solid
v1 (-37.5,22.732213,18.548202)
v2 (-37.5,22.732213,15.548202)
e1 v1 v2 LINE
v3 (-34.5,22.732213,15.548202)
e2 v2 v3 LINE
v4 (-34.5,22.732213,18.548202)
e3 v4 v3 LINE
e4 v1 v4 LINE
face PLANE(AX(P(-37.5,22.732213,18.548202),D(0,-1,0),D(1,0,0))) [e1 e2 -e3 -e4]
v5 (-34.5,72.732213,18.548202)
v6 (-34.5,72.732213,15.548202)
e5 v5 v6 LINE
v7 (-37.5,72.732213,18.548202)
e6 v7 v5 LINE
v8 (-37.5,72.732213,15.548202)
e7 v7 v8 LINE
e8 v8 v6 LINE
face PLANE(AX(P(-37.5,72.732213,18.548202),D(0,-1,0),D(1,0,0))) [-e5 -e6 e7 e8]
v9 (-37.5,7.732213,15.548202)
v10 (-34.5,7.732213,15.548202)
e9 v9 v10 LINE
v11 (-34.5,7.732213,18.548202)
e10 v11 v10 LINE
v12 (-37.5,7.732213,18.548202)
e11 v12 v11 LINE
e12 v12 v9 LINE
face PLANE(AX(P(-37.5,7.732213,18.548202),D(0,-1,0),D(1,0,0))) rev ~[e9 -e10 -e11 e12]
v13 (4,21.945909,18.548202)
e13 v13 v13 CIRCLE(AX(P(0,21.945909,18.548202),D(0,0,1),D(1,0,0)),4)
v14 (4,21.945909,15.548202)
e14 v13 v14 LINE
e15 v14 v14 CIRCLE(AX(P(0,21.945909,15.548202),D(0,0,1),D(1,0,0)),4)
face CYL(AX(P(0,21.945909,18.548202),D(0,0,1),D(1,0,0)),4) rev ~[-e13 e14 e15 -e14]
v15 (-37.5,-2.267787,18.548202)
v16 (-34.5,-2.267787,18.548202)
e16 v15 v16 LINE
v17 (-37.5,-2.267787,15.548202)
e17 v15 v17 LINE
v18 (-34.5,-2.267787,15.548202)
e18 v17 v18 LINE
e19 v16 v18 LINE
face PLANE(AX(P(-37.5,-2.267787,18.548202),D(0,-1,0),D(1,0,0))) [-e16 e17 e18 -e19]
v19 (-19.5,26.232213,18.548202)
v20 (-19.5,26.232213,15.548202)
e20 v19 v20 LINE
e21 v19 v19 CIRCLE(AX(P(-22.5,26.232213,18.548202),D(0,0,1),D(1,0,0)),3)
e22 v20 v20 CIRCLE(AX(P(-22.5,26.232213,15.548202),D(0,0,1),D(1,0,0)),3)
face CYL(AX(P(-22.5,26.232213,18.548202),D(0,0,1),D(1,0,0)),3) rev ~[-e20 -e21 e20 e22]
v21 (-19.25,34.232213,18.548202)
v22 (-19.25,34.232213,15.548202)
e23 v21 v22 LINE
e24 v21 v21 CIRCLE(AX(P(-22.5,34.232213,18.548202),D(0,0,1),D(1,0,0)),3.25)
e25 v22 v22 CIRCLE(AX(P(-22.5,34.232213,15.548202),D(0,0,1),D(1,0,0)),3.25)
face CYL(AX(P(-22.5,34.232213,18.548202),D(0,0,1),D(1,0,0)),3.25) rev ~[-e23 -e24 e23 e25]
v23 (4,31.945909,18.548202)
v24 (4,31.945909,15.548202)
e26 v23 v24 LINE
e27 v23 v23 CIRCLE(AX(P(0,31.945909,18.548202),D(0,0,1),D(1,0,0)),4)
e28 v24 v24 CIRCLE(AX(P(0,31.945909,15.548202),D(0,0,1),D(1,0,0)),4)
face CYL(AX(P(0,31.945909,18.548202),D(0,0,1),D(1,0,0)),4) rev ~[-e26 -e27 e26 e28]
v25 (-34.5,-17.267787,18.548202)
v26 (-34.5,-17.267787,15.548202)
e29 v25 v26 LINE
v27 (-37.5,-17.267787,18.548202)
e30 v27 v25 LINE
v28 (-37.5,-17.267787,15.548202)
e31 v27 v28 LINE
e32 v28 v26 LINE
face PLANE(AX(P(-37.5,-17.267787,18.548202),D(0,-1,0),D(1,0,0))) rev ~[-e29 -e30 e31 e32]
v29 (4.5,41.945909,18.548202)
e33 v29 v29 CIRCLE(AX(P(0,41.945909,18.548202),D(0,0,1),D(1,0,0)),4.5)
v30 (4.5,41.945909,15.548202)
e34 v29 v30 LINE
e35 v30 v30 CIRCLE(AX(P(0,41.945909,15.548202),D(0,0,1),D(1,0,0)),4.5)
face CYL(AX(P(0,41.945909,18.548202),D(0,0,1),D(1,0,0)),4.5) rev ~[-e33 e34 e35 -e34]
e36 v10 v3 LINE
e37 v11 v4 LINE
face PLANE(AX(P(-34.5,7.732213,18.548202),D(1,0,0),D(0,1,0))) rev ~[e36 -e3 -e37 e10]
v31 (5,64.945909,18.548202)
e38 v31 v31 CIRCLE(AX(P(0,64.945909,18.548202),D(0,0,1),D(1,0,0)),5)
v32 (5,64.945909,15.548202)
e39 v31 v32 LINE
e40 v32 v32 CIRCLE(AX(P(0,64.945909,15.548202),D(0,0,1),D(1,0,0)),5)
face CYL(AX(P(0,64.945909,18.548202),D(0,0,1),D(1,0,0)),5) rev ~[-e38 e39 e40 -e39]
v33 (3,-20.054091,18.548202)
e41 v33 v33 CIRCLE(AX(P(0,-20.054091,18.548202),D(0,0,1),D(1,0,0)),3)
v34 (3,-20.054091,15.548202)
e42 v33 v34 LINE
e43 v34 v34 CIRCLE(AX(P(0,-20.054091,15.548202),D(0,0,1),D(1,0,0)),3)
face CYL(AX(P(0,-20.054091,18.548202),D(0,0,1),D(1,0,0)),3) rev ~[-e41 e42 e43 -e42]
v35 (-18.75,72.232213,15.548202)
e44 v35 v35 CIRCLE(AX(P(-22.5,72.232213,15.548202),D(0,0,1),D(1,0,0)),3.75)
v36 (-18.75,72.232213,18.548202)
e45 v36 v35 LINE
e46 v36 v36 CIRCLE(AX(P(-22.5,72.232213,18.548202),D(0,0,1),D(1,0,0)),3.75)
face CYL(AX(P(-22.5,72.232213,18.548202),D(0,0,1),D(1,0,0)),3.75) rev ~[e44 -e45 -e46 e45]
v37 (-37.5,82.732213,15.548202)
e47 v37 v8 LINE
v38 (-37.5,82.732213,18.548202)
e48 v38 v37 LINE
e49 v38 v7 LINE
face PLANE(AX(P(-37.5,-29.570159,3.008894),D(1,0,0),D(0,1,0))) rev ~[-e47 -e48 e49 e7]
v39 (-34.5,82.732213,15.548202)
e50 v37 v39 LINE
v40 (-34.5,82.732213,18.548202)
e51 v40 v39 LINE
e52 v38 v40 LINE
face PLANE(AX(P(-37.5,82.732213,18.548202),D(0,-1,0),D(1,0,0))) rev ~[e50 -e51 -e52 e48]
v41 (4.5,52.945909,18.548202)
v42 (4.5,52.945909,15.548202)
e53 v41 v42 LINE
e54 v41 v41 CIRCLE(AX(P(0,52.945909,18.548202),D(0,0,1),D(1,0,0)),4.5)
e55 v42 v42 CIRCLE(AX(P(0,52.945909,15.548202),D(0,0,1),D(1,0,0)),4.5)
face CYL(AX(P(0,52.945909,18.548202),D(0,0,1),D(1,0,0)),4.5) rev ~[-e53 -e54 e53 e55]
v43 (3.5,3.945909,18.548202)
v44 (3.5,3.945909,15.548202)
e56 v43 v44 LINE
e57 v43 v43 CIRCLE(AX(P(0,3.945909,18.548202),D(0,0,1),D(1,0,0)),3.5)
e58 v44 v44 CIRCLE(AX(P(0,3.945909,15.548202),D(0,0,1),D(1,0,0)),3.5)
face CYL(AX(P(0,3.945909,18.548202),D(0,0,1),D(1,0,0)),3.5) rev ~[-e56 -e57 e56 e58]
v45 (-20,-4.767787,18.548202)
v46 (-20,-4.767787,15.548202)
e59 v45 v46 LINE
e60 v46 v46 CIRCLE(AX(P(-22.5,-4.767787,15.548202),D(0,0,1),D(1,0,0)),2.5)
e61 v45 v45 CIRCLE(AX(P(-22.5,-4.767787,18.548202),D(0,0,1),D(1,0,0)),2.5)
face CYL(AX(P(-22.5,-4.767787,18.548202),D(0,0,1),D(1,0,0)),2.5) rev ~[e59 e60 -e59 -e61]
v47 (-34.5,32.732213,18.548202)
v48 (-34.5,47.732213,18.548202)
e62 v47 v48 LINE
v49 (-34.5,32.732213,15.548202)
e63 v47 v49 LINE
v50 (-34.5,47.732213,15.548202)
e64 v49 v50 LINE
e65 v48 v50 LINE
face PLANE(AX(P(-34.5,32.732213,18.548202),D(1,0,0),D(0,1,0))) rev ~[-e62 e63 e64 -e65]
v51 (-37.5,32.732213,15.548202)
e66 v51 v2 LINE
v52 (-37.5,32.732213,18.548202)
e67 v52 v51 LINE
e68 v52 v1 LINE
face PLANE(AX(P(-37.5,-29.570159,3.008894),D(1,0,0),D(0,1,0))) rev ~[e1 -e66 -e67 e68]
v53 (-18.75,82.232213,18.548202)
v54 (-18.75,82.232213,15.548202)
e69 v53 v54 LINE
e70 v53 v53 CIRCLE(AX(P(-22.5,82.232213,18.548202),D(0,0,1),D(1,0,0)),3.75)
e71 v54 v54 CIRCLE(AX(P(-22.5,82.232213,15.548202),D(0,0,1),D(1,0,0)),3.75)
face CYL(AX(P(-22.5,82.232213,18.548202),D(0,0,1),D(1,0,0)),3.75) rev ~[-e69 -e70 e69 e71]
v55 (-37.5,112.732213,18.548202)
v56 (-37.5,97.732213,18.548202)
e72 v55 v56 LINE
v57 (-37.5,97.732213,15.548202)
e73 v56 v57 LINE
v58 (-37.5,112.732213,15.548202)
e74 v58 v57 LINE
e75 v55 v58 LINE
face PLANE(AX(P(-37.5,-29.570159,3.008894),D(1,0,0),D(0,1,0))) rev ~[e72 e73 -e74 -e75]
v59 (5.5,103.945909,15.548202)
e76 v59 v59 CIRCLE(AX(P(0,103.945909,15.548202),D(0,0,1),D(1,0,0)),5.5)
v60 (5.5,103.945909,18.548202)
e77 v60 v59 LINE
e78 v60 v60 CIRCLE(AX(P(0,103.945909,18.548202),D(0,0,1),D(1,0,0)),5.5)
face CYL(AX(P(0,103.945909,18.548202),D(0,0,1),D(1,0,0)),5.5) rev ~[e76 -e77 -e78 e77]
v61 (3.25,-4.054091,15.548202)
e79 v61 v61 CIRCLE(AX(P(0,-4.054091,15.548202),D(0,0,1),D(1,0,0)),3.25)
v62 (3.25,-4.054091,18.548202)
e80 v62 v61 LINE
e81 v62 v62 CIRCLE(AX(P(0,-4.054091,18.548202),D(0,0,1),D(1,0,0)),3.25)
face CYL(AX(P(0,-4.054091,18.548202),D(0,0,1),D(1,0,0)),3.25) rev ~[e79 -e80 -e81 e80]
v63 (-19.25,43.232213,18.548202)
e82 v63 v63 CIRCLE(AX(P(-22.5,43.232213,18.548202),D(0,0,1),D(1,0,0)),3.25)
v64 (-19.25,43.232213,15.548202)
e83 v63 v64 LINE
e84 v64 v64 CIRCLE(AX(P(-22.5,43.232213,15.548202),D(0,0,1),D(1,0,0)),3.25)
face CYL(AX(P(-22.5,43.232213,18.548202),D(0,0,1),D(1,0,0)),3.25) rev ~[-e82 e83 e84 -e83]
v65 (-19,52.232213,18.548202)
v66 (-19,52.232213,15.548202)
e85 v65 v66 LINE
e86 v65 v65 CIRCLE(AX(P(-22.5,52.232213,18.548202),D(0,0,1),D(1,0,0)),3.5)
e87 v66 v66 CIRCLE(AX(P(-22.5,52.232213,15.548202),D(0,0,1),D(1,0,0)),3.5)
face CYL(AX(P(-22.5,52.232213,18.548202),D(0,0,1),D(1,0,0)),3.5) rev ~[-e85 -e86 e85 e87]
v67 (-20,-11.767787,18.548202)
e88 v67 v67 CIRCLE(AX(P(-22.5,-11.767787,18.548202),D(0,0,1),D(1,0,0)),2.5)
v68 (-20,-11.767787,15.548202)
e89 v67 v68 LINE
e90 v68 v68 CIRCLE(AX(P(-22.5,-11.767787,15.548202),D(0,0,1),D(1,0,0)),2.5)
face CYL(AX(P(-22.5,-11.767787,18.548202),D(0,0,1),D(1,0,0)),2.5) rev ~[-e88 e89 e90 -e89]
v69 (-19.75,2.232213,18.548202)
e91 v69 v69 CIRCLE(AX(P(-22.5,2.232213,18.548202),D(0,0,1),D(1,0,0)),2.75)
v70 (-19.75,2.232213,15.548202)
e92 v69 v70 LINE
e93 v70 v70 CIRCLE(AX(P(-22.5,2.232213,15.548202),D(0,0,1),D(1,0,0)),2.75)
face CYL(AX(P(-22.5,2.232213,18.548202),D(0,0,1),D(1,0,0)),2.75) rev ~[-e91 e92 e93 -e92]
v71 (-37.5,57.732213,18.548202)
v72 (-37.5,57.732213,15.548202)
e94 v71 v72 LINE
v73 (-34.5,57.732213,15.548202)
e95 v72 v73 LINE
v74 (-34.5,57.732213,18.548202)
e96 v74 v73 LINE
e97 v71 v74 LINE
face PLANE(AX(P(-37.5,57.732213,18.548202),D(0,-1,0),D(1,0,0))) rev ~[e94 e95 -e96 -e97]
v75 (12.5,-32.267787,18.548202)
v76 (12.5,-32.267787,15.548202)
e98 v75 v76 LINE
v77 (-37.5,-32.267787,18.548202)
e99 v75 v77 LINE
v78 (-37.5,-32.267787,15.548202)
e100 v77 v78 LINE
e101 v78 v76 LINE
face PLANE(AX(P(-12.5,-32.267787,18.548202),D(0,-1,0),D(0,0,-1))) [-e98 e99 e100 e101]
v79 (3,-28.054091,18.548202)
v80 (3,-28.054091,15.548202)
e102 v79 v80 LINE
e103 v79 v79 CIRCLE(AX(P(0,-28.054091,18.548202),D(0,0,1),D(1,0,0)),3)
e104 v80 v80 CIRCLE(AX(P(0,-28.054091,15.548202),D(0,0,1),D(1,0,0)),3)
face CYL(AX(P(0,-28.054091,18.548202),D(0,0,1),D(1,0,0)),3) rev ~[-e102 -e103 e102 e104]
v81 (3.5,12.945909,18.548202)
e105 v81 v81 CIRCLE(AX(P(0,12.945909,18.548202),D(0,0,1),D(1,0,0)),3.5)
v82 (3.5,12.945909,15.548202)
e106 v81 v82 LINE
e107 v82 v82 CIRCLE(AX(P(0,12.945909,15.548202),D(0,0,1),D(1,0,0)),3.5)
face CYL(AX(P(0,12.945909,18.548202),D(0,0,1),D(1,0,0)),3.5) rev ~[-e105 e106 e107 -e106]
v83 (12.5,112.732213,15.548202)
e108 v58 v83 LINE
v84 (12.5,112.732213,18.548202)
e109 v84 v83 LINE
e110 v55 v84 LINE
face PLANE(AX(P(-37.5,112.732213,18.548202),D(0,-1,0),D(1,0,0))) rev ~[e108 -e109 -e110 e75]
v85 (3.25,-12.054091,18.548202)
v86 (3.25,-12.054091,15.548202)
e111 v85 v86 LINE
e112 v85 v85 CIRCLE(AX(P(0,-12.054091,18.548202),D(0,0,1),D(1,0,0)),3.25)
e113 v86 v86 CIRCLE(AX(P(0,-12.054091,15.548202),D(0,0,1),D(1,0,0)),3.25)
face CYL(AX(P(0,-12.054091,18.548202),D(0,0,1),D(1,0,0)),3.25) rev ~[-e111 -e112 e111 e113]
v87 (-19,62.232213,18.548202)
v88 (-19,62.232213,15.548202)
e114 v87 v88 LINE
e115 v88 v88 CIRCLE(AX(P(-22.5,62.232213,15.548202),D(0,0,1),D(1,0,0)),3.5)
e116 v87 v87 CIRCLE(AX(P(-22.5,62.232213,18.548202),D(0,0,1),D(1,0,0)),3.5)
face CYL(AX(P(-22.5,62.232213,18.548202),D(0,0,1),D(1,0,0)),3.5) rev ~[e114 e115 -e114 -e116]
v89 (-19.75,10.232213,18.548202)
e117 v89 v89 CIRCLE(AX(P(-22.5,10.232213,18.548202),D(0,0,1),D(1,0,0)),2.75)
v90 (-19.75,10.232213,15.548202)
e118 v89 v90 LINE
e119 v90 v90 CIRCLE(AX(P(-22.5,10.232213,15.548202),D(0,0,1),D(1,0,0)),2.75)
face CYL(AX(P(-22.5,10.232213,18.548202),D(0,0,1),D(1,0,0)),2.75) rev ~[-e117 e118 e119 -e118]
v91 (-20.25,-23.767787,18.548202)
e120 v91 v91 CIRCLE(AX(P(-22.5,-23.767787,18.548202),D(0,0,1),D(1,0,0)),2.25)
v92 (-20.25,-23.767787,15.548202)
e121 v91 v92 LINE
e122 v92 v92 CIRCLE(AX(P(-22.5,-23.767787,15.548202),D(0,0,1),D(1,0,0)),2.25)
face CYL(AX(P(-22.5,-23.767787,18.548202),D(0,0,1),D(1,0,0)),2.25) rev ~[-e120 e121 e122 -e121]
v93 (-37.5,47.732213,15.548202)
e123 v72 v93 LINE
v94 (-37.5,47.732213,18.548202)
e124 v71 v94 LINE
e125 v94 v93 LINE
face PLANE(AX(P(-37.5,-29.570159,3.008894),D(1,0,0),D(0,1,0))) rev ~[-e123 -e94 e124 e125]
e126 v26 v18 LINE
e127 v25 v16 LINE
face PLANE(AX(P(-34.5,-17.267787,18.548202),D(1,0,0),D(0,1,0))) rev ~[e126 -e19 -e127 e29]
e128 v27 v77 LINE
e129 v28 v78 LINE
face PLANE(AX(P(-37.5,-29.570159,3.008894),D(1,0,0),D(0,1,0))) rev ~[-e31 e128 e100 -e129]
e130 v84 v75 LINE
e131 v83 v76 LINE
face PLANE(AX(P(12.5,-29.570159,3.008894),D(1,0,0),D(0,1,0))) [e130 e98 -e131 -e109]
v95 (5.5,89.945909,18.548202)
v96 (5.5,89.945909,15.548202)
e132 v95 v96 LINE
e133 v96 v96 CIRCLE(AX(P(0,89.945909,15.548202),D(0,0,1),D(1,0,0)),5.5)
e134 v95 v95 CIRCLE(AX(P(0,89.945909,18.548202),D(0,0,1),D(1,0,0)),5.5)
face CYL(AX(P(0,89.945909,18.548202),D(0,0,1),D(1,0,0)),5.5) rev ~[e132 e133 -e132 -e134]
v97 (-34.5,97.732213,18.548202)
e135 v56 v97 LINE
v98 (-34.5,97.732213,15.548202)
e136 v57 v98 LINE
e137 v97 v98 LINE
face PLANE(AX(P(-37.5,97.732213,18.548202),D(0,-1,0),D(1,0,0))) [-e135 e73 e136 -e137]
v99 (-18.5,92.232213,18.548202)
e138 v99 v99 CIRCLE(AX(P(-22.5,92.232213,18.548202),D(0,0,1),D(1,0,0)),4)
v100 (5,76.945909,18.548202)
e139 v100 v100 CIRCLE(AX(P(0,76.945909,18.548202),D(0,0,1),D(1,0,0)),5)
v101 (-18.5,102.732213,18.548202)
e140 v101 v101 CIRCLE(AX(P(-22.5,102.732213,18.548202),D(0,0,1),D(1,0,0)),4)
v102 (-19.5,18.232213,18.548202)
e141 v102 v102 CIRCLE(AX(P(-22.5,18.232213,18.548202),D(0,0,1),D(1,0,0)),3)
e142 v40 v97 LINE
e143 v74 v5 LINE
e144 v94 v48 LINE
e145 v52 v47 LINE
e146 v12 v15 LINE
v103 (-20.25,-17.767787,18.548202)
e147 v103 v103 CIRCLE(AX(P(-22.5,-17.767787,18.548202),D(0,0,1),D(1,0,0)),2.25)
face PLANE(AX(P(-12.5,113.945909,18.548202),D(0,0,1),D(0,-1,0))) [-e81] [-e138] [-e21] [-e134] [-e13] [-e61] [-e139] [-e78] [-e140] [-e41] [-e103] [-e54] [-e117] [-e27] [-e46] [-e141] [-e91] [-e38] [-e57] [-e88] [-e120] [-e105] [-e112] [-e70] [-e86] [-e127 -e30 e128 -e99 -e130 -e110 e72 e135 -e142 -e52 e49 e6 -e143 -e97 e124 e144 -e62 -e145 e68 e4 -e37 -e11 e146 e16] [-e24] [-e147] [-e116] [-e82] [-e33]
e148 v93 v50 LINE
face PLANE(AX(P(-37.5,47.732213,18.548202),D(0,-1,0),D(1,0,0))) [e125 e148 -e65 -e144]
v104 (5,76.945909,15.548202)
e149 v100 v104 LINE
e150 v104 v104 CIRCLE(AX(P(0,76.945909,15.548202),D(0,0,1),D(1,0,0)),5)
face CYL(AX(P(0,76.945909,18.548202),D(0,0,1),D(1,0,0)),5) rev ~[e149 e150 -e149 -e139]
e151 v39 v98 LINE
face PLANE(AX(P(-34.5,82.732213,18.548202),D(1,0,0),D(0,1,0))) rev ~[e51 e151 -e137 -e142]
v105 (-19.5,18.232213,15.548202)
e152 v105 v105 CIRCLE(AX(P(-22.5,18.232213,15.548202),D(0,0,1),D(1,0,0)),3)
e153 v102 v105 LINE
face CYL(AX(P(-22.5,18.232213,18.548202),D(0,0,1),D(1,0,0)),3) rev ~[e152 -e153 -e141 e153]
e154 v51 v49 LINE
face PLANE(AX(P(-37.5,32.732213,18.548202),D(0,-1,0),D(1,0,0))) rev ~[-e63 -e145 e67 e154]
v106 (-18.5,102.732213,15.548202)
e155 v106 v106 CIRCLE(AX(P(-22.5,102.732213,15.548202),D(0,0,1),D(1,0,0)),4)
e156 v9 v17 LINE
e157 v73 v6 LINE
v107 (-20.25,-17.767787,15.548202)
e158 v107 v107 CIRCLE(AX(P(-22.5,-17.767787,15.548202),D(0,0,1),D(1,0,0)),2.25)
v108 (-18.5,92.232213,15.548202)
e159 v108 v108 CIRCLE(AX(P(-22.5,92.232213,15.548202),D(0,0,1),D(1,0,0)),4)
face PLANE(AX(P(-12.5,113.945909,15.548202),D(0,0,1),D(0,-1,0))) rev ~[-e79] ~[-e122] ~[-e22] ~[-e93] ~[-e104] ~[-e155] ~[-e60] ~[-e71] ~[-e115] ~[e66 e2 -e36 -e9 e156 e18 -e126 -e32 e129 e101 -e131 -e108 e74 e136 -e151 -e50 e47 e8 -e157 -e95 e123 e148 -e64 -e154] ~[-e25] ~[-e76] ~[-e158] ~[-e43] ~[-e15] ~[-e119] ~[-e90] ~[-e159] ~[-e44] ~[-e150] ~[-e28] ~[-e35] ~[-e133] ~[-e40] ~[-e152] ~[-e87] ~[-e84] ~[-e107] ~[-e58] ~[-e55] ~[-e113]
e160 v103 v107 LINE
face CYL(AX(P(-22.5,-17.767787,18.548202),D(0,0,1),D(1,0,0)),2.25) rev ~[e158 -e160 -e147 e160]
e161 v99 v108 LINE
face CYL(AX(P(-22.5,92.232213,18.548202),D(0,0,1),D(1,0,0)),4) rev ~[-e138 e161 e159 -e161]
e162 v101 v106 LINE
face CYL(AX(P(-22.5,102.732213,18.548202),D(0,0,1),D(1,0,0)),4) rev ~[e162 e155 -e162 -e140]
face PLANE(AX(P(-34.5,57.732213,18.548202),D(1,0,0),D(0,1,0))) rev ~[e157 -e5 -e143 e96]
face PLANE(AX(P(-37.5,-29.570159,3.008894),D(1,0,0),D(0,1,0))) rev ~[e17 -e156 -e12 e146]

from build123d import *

# Parameters (mm, degrees)
F0_W      = 5.3952559829
F0_H      = 21.7885393649
F0_W_2    = 6.4328089356
F0_H_2    = 60.9454013749
F1_DEPTH  = 12.5
F2_R      = 3
F2_R_2    = 3.25
F2_R_3    = 3.5
F2_R_4    = 4
F2_R_5    = 4.5
F2_R_6    = 5
F2_R_7    = 5.5
F3_DEPTH  = 65.591439771
F4_W      = 25
F4_H      = 62.590439771
F5_DEPTH  = 146.2136954069
F6_DEPTH  = 25
F7_W      = 3
F7_H      = 15
F7_W_2    = 50
F7_H_2    = 1.2136954069
F8_DEPTH  = 3
F9_R      = 4
F9_R_2    = 3.75
F9_R_3    = 3.5
F9_R_4    = 3.25
F9_R_5    = 3
F9_R_6    = 2.75
F9_R_7    = 2.5
F9_R_8    = 2.25
F10_DEPTH = 3


with BuildPart() as f1:
    # F0 (on Right) → F1 (new body, symmetric)
    with BuildSketch(Plane.YZ):
        with Locations((-29.570158571, 3.008893691)):
            Rectangle(F0_W, F0_H)
        Polygon((113.9459088445, 18.5482017696), (-32.2677865624, 18.5482017696), (-32.2677865624, 13.9031633735), (-26.8725305796, 13.9031633735), (107.5130999088, 13.9031633735), (113.9459088445, 13.9031633735), align=None)
        with Locations((110.7295043766, -16.569537314)):
            Rectangle(F0_W_2, F0_H_2)
    extrude(amount=F1_DEPTH, both=True)

    # F2 (on face) → F3 (cut, through all)
    with BuildSketch(Plane.XY.offset(18.5482017696)):
        with Locations((0, -28.0540911555)):
            Circle(F2_R)
        with Locations((0, -20.0540911555)):
            Circle(F2_R)
        with Locations((0, -12.0540911555)):
            Circle(F2_R_2)
        with Locations((0, -4.0540911555)):
            Circle(F2_R_2)
        with Locations((0, 3.9459088445)):
            Circle(F2_R_3)
        with Locations((0, 12.9459088445)):
            Circle(F2_R_3)
        with Locations((0, 21.9459088445)):
            Circle(F2_R_4)
        with Locations((0, 31.9459088445)):
            Circle(F2_R_4)
        with Locations((0, 41.9459088445)):
            Circle(F2_R_5)
        with Locations((0, 52.9459088445)):
            Circle(F2_R_5)
        with Locations((0, 64.9459088445)):
            Circle(F2_R_6)
        with Locations((0, 76.9459088445)):
            Circle(F2_R_6)
        with Locations((0, 89.9459088445)):
            Circle(F2_R_7)
        with Locations((0, 103.9459088445)):
            Circle(F2_R_7)
    extrude(amount=-F3_DEPTH, mode=Mode.SUBTRACT)

    # F4 (on face) → F5 (cut, through all)
    with BuildSketch(Plane(origin=(0, 113.9459088445, 0), x_dir=(-1, 0, 0), z_dir=(0, 1, 0))):
        with Locations((0, -15.7470181159)):
            Rectangle(F4_W, F4_H)
    extrude(amount=-F5_DEPTH, mode=Mode.SUBTRACT)

    # F6 (add): a face of the model
    f6_faces = [f1.faces().sort_by_distance(p)[0] for p in [
        (-12.5, 40.839061141, 17.0482017696),
    ]]
    extrude(f6_faces, amount=F6_DEPTH)

    # F7 (on face) → F8 (cut, through all)
    with BuildSketch(Plane.XY.offset(18.5482017696)):
        with Locations((-36, -9.7677865624)):
            Rectangle(F7_W, F7_H)
        with Locations((-36, 15.2322134376)):
            Rectangle(F7_W, F7_H)
        with Locations((-36, 40.2322134376)):
            Rectangle(F7_W, F7_H)
        with Locations((-36, 65.2322134376)):
            Rectangle(F7_W, F7_H)
        with Locations((-36, 90.2322134376)):
            Rectangle(F7_W, F7_H)
        with Locations((-12.5, 113.339061141)):
            Rectangle(F7_W_2, F7_H_2)
    extrude(amount=-F8_DEPTH, mode=Mode.SUBTRACT)

    # F9 (on face) → F10 (cut, through all)
    with BuildSketch(Plane.XY.offset(18.5482017696)):
        with Locations((-22.5, 102.7322134376)):
            Circle(F9_R)
        with Locations((-22.5, 92.2322134376)):
            Circle(F9_R)
        with Locations((-22.5, 82.2322134376)):
            Circle(F9_R_2)
        with Locations((-22.5, 72.2322134376)):
            Circle(F9_R_2)
        with Locations((-22.5, 62.2322134376)):
            Circle(F9_R_3)
        with Locations((-22.5, 52.2322134376)):
            Circle(F9_R_3)
        with Locations((-22.5, 43.2322134376)):
            Circle(F9_R_4)
        with Locations((-22.5, 34.2322134376)):
            Circle(F9_R_4)
        with Locations((-22.5, 26.2322134376)):
            Circle(F9_R_5)
        with Locations((-22.5, 18.2322134376)):
            Circle(F9_R_5)
        with Locations((-22.5, 10.2322134376)):
            Circle(F9_R_6)
        with Locations((-22.5, 2.2322134376)):
            Circle(F9_R_6)
        with Locations((-22.5, -4.7677865624)):
            Circle(F9_R_7)
        with Locations((-22.5, -11.7677865624)):
            Circle(F9_R_7)
        with Locations((-22.5, -17.7677865624)):
            Circle(F9_R_8)
        with Locations((-22.5, -23.7677865624)):
            Circle(F9_R_8)
    extrude(amount=-F10_DEPTH, mode=Mode.SUBTRACT)


solid = f1.part
